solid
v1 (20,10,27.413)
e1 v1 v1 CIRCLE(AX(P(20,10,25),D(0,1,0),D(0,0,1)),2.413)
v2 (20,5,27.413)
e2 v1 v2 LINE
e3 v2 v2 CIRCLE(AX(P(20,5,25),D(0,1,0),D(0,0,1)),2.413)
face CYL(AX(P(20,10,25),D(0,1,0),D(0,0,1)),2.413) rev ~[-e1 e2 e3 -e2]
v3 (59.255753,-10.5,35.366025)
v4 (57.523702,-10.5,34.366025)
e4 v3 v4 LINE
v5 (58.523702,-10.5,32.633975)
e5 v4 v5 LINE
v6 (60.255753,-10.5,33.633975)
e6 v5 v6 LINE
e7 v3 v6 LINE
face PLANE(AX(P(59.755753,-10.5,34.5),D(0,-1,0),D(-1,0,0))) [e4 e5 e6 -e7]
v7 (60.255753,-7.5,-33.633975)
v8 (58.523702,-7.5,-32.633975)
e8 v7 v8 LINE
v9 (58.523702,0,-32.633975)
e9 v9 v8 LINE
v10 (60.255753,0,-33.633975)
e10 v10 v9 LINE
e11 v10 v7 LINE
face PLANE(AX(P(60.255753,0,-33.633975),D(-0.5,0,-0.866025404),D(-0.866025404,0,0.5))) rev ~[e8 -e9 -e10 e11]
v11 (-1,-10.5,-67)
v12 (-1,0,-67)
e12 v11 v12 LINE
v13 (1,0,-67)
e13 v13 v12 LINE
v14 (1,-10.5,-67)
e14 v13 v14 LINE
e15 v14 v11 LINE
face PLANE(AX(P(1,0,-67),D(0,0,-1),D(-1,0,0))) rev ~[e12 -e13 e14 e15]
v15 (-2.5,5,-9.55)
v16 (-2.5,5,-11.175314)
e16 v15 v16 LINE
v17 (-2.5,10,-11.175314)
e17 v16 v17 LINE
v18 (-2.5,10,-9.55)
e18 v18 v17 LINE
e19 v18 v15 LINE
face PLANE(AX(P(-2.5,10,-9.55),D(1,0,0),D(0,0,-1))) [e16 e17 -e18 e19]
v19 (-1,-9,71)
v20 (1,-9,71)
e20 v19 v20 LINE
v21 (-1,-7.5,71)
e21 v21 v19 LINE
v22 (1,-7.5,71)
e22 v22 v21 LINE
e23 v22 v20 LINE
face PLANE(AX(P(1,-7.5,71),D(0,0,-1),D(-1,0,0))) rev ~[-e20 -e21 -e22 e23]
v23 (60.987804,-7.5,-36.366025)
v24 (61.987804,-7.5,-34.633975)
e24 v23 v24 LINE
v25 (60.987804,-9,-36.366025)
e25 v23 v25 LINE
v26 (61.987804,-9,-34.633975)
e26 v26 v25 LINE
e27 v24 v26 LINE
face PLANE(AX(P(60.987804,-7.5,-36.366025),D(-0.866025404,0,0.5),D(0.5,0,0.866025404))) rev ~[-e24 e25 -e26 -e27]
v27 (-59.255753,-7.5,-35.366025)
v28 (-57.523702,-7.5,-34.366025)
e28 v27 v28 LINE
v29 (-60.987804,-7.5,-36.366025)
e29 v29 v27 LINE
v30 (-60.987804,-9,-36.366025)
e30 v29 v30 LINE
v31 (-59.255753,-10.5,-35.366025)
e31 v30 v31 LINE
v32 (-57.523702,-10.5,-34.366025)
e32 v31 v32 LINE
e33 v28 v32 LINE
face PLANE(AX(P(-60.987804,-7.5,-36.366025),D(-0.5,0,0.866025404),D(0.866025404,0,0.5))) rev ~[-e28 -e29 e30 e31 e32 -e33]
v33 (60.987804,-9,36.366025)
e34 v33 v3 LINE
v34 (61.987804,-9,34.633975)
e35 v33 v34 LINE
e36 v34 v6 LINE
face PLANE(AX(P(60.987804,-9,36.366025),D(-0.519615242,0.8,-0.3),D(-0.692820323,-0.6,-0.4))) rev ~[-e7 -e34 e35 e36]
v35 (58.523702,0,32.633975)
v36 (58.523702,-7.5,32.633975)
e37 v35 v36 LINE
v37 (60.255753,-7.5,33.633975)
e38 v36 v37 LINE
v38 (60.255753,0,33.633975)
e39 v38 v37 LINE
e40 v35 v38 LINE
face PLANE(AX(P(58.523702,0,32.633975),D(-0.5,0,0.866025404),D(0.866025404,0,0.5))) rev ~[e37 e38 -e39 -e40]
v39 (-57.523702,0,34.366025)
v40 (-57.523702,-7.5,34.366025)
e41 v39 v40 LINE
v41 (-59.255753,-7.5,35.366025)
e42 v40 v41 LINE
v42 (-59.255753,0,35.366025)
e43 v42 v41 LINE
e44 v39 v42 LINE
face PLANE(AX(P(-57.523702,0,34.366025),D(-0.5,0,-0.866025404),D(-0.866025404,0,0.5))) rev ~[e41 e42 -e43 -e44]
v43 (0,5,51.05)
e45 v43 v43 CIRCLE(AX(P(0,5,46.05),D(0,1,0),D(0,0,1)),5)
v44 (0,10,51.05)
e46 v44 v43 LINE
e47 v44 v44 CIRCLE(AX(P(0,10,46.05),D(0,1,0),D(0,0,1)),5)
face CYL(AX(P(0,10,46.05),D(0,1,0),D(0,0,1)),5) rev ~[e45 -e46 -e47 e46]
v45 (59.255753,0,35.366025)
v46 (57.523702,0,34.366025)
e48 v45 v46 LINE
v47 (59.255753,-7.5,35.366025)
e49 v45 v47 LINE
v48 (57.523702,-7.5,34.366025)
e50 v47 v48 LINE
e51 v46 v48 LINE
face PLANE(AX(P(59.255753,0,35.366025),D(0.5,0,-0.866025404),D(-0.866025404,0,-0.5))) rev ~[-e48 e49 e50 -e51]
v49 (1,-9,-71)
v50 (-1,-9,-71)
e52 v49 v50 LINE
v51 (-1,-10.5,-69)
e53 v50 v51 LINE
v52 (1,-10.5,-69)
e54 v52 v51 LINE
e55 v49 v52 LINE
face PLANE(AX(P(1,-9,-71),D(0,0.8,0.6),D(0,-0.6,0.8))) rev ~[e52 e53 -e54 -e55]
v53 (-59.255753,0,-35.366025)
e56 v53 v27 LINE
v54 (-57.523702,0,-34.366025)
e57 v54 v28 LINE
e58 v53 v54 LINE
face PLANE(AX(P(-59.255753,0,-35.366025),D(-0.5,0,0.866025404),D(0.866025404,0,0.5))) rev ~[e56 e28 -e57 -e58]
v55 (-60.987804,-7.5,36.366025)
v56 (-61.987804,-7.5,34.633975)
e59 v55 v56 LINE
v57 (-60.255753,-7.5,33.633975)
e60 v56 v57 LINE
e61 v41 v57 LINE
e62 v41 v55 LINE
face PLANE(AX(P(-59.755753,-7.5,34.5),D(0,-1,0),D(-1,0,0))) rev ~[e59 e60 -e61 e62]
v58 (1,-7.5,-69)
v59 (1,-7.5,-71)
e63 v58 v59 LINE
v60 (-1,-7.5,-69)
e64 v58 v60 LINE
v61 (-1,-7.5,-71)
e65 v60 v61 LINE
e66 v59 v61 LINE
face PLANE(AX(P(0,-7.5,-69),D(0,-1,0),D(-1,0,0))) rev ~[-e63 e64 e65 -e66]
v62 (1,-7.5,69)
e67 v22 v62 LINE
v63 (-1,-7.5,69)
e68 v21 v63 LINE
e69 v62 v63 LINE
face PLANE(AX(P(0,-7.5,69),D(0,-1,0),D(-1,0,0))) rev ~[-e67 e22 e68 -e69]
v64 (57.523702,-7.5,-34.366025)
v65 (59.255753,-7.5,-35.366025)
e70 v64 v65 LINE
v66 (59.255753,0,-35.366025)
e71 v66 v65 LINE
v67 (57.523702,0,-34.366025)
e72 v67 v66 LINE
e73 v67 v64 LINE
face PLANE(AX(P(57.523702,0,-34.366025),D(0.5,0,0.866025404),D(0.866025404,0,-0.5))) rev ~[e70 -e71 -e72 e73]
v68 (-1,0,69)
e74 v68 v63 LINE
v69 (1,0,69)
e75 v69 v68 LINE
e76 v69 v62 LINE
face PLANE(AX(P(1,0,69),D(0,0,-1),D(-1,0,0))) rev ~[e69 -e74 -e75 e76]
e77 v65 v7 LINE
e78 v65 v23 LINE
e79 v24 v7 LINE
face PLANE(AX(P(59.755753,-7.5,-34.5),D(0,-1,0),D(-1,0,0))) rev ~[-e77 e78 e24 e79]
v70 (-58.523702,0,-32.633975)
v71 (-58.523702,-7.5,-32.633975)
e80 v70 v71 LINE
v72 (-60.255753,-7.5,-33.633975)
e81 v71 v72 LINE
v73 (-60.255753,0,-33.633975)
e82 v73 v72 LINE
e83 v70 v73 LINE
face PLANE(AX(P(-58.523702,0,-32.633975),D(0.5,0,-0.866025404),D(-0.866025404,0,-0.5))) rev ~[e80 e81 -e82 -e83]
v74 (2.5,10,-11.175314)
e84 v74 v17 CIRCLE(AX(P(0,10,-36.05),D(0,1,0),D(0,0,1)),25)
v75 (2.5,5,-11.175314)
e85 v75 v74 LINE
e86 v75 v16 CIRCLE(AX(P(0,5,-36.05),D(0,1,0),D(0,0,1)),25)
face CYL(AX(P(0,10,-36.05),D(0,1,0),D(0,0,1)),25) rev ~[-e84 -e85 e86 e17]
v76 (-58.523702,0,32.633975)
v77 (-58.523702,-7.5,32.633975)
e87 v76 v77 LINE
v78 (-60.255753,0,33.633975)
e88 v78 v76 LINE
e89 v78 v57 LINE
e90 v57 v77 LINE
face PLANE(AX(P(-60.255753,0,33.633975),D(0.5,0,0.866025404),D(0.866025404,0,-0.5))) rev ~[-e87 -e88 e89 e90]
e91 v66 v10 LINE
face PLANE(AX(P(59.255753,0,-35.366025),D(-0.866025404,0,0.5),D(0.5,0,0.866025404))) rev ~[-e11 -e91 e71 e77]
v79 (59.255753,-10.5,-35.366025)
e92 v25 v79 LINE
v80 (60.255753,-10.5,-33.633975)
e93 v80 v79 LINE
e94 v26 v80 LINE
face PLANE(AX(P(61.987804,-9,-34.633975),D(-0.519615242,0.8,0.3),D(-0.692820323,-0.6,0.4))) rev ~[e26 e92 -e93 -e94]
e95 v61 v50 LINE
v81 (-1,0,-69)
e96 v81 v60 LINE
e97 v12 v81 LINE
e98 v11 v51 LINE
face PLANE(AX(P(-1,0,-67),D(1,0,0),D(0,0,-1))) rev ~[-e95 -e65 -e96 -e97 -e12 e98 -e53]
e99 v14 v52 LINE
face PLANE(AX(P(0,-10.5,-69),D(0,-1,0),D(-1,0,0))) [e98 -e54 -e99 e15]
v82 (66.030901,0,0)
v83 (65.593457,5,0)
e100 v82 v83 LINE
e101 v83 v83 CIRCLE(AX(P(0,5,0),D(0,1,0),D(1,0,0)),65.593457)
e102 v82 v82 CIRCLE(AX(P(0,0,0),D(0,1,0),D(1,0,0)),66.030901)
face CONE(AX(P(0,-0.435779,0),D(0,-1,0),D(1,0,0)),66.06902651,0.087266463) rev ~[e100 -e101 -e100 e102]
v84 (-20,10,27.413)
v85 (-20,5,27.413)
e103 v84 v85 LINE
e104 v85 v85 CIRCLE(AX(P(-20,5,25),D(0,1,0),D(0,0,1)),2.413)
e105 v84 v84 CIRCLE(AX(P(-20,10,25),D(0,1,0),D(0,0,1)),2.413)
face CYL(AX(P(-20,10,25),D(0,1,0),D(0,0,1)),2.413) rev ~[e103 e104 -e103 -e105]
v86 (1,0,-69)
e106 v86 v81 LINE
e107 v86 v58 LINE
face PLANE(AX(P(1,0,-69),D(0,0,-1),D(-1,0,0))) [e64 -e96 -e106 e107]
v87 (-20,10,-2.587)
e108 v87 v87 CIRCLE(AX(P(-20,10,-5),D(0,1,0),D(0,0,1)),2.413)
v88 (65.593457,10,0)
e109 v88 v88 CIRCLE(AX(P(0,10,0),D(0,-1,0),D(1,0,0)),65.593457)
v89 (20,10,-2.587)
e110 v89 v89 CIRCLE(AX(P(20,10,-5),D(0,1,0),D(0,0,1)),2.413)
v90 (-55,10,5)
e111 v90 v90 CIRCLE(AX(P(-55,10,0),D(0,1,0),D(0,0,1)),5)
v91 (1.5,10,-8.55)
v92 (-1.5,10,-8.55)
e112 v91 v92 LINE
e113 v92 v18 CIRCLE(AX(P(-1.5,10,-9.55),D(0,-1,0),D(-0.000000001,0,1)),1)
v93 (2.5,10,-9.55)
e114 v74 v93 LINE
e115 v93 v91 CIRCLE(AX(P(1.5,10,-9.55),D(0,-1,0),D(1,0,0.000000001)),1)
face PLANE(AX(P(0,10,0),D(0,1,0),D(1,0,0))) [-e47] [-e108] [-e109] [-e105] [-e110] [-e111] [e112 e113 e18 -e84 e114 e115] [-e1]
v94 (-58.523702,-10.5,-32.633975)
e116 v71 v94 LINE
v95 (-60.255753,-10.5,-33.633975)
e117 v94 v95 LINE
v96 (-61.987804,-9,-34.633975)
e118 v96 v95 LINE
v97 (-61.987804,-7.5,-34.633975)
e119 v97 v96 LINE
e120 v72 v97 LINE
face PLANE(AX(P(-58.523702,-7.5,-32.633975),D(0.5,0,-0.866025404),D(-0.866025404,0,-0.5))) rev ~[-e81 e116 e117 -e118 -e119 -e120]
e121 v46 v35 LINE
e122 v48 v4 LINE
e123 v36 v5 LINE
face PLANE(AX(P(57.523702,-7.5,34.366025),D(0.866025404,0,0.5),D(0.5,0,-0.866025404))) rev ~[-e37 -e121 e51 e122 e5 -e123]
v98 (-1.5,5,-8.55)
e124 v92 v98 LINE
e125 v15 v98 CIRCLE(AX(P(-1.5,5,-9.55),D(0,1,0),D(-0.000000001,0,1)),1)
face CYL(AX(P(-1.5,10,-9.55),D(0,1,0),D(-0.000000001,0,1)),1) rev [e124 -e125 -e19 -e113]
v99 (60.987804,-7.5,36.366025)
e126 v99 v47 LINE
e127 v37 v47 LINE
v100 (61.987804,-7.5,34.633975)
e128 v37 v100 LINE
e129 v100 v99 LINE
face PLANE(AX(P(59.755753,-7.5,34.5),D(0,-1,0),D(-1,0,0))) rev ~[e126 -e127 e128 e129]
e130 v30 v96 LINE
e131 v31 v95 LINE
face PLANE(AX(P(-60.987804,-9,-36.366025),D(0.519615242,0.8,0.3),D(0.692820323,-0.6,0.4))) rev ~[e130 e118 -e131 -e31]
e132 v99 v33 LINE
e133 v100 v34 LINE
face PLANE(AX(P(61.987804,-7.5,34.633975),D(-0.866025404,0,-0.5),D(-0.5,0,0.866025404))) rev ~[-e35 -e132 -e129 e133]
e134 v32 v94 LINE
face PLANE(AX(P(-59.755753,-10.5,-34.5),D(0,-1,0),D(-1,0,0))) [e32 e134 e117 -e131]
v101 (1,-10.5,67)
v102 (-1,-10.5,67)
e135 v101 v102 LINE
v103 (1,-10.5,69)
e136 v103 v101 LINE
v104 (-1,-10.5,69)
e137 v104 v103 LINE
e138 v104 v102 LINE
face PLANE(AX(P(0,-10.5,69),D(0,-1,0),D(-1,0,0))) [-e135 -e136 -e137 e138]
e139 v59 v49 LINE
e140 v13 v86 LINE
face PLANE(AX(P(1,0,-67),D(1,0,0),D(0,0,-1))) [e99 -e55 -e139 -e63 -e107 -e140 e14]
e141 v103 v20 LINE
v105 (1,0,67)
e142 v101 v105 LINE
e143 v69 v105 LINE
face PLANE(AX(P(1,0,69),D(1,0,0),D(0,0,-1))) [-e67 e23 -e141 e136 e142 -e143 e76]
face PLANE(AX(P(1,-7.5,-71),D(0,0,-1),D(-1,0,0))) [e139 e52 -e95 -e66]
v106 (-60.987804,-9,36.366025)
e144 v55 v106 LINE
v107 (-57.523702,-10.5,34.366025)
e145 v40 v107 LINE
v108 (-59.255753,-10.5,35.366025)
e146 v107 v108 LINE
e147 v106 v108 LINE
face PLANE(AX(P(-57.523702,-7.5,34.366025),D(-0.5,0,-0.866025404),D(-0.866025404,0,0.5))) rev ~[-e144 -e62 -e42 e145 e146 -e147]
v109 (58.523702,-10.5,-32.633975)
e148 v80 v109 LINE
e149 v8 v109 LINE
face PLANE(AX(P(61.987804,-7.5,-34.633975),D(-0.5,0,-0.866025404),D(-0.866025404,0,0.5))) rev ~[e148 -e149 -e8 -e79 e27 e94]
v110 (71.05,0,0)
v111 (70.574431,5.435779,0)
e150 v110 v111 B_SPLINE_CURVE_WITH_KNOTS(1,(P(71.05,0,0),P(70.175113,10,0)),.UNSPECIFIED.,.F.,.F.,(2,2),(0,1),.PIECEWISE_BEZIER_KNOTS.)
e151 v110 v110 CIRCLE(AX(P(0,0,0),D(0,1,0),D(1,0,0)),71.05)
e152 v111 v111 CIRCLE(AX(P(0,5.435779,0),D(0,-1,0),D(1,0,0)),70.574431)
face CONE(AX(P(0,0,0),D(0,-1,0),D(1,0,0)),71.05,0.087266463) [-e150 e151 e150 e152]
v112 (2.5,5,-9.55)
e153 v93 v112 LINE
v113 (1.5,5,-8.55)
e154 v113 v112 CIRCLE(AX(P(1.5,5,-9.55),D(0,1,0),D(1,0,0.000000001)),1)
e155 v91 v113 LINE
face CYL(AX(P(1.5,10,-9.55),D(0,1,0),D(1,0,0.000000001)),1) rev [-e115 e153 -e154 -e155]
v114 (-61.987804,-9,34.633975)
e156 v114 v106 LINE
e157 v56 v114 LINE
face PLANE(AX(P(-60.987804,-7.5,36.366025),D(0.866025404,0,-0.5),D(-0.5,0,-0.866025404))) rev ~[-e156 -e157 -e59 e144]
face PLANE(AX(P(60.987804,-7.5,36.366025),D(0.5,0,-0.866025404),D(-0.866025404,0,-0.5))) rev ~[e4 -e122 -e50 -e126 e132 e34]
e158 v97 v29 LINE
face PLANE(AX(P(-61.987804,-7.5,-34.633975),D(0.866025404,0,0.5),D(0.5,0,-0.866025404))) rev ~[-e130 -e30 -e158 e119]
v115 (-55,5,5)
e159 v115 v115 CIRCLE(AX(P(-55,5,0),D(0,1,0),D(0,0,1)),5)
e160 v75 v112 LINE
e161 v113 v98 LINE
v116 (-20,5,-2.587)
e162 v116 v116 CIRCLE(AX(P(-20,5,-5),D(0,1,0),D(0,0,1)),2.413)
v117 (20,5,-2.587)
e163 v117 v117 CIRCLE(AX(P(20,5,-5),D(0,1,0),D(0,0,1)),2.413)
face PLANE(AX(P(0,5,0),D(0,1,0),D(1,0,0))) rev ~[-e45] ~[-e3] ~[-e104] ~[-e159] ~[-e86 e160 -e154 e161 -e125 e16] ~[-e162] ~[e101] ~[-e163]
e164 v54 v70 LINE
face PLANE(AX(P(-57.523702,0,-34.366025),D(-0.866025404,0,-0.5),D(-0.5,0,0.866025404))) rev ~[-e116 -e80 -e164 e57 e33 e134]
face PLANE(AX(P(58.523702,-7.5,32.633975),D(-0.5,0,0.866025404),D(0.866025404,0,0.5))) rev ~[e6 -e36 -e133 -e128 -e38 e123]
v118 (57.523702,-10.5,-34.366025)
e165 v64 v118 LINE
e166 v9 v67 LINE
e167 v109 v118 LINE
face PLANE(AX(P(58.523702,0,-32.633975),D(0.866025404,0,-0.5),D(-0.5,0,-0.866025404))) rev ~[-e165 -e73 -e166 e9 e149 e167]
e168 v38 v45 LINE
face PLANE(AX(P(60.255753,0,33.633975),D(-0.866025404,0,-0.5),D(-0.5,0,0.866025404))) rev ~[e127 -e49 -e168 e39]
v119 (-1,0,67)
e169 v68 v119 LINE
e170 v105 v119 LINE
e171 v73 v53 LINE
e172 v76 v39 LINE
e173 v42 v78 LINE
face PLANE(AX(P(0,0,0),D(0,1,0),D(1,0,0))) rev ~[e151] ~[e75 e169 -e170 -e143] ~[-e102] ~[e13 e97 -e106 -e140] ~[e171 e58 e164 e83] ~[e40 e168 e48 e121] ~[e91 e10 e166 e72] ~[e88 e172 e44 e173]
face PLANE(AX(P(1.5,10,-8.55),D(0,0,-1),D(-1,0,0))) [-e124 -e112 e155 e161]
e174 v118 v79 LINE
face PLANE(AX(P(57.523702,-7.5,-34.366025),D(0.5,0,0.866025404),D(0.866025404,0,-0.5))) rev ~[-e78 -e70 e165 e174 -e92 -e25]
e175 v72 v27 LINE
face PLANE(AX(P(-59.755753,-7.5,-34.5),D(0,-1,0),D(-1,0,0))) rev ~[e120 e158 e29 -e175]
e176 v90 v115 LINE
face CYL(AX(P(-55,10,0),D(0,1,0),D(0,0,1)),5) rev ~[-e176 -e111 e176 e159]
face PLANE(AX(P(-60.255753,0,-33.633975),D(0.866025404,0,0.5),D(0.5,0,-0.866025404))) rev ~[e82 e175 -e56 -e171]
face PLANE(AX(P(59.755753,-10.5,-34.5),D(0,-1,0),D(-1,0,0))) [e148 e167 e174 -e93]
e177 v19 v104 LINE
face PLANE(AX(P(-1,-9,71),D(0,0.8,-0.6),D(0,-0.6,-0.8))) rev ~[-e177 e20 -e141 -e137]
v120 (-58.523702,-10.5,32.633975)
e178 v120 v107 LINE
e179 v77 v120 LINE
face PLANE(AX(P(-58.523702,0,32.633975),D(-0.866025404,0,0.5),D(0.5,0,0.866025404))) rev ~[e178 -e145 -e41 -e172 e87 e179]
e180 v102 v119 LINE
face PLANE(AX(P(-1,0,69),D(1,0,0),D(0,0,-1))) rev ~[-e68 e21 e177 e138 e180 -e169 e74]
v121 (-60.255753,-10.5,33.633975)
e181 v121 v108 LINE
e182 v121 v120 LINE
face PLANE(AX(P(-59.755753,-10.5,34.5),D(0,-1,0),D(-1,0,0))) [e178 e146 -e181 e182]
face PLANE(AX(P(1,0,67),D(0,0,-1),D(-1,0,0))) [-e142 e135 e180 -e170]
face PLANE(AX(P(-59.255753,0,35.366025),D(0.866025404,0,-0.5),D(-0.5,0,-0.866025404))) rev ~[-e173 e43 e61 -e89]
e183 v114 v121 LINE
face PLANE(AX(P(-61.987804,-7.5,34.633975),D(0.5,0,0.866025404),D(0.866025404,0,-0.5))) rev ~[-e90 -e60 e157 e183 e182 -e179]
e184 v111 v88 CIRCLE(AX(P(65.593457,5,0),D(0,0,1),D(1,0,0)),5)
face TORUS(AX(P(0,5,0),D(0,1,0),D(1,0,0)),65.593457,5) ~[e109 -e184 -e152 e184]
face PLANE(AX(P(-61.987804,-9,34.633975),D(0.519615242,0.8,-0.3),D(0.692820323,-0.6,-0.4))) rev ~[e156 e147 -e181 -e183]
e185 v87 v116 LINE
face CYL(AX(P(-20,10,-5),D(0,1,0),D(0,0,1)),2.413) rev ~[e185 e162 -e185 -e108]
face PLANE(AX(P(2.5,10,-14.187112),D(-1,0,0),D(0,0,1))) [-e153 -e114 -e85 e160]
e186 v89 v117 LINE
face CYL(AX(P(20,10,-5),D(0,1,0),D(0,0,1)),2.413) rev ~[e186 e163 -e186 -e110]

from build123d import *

# Parameters (mm, degrees)
SKETCH1_R           = 71.05
BOSS_EXTRUDE1_DEPTH = 10
BOSS_EXTRUDE1_TAPER = 5
SHELL4_T            = -5
SKETCH2_R           = 5
SKETCH2_R_2         = 25
SKETCH2_R_3         = 2.413
CUT_EXTRUDE1_DEPTH  = 101.976259737
CUT_EXTRUDE4_DEPTH  = 10
FILLET2_R           = 5
SKETCH11_R          = 5
CUT_EXTRUDE8_DEPTH  = 101.976259737
SKETCH12_W          = 2
SKETCH12_H          = 2
BOSS_EXTRUDE4_DEPTH = 7.5
SKETCH13_W          = 2
SKETCH13_H          = 4
BOSS_EXTRUDE5_DEPTH = 3
CUT_EXTRUDE9_DEPTH  = 3
CUT_EXTRUDE10_DEPTH = 3
CUT_EXTRUDE11_DEPTH = 3
CUT_EXTRUDE12_DEPTH = 3
CUT_EXTRUDE13_DEPTH = 3
CUT_EXTRUDE14_DEPTH = 3


with BuildPart() as part:
    # Sketch1 → Boss-Extrude1 (new body)
    with BuildSketch(Plane(origin=(0, 0, 0), x_dir=(1, 0, 0), z_dir=(0, 1, 0))):
        Circle(SKETCH1_R)
    extrude(amount=BOSS_EXTRUDE1_DEPTH, taper=BOSS_EXTRUDE1_TAPER)

    # Shell4
    shell4_openings = [part.faces().sort_by_distance(p)[0] for p in [
        (0, 0, 0),
    ]]
    offset(amount=SHELL4_T, openings=shell4_openings, kind=Kind.INTERSECTION)

    # Sketch2 → Cut-Extrude1 (cut, through all)
    with BuildSketch(Plane(origin=(0, 10, 0), x_dir=(1, 0, 0), z_dir=(0, 1, 0))):
        with Locations(Location((0, -46.05, 0), (0, 0, 270))):
            Circle(SKETCH2_R)
        with Locations(Location((0, 36.05, 0), (0, 0, 270))):
            Circle(SKETCH2_R_2)
        with Locations(Location((20, 5, 0), (0, 0, 270))):
            Circle(SKETCH2_R_3)
        with Locations(Location((20, -25, 0), (0, 0, 270))):
            Circle(SKETCH2_R_3)
        with Locations(Location((-20, -25, 0), (0, 0, 270))):
            Circle(SKETCH2_R_3)
        with Locations(Location((-20, 5, 0), (0, 0, 270))):
            Circle(SKETCH2_R_3)
    extrude(amount=-CUT_EXTRUDE1_DEPTH, mode=Mode.SUBTRACT)

    # Sketch6 → Cut-Extrude4 (cut)
    with BuildSketch(Plane(origin=(0, 10, 0), x_dir=(1, 0, 0), z_dir=(0, 1, 0))):
        with BuildLine():
            Line((-2.5, 14.187111582), (2.5, 14.187111582))
            Line((2.5, 14.187111582), (2.5, 9.55))
            ThreePointArc((2.5, 9.55), (2.207106781, 8.842893219), (1.5, 8.55))
            Line((1.5, 8.55), (-1.5, 8.55))
            ThreePointArc((-1.5, 8.55), (-2.207106781, 8.842893219), (-2.5, 9.55))
            Line((-2.5, 9.55), (-2.5, 14.187111582))
        make_face()
    extrude(amount=-CUT_EXTRUDE4_DEPTH, mode=Mode.SUBTRACT)

    # Fillet2
    fillet2_edges = [part.edges().sort_by_distance(p)[0] for p in [
        (-70.175113365, 10, 0),
    ]]
    fillet(fillet2_edges, radius=FILLET2_R)

    # Sketch11 → Cut-Extrude8 (cut, through all)
    with BuildSketch(Plane(origin=(0, 10, 0), x_dir=(1, 0, 0), z_dir=(0, 1, 0))):
        with Locations(Location((-55, 0, 0), (0, 0, 270))):
            Circle(SKETCH11_R)
    extrude(amount=-CUT_EXTRUDE8_DEPTH, mode=Mode.SUBTRACT)

    # Sketch12 → Boss-Extrude4 (add)
    with BuildSketch(Plane(origin=(0, 0, 0), x_dir=(-1, 0, 0), z_dir=(0, -1, 0))):
        Polygon((58.523702054, 32.633974596), (60.255752861, 33.633974596), (59.255752861, 35.366025404), (57.523702054, 34.366025404), align=None)
        with Locations((0, 68)):
            Rectangle(SKETCH12_W, SKETCH12_H)
        Polygon((57.523702054, -34.366025404), (59.255752861, -35.366025404), (60.255752861, -33.633974596), (58.523702054, -32.633974596), align=None)
        with Locations((0, -68)):
            Rectangle(SKETCH12_W, SKETCH12_H)
        Polygon((-58.523702054, -32.633974596), (-60.255752861, -33.633974596), (-59.255752861, -35.366025404), (-57.523702054, -34.366025404), align=None)
        Polygon((-57.523702054, 34.366025404), (-59.255752861, 35.366025404), (-60.255752861, 33.633974596), (-58.523702054, 32.633974596), align=None)
    extrude(amount=BOSS_EXTRUDE4_DEPTH)

    # Sketch13 → Boss-Extrude5 (add)
    with BuildSketch(Plane(origin=(0, -7.5, 0), x_dir=(-1, 0, 0), z_dir=(0, -1, 0))):
        Polygon((-58.523702054, -32.633974596), (-61.987803669, -34.633974596), (-60.987803669, -36.366025404), (-57.523702054, -34.366025404), align=None)
        with Locations((0, -69)):
            Rectangle(SKETCH13_W, SKETCH13_H)
        Polygon((-57.523702054, 34.366025404), (-60.987803669, 36.366025404), (-61.987803669, 34.633974596), (-58.523702054, 32.633974596), align=None)
        with Locations((0, 69)):
            Rectangle(SKETCH13_W, SKETCH13_H)
        Polygon((58.523702054, 32.633974596), (61.987803669, 34.633974596), (60.987803669, 36.366025404), (57.523702054, 34.366025404), align=None)
        Polygon((57.523702054, -34.366025404), (60.987803669, -36.366025404), (61.987803669, -34.633974596), (58.523702054, -32.633974596), align=None)
    extrude(amount=BOSS_EXTRUDE5_DEPTH)

    # Sketch14 → Cut-Extrude9 (cut)
    with BuildSketch(Plane(origin=(1, 0, 0), x_dir=(0, 0, -1), z_dir=(1, 0, 0))):
        Polygon((71, -9), (69, -10.5), (71, -10.5), align=None)
    extrude(amount=-CUT_EXTRUDE9_DEPTH, mode=Mode.SUBTRACT)

    # Sketch16 → Cut-Extrude10 (cut)
    with BuildSketch(Plane(origin=(0.5000000000007515, 0, 0.8660254037857402), x_dir=(0.8660254037844386, 0, -0.4999999999999999), z_dir=(0.49999999999999994, 0, 0.8660254037844387))):
        Polygon((71, -9), (69, -10.5), (71, -10.5), align=None)
    extrude(amount=-CUT_EXTRUDE10_DEPTH, mode=Mode.SUBTRACT)

    # Sketch17 → Cut-Extrude11 (cut)
    with BuildSketch(Plane(origin=(-0.5000000000021357, 0, 0.8660254037881377), x_dir=(0.8660254037844386, 0, 0.4999999999999999), z_dir=(-0.49999999999999994, 0, 0.8660254037844387))):
        Polygon((71, -9), (69, -10.5), (71, -10.5), align=None)
    extrude(amount=-CUT_EXTRUDE11_DEPTH, mode=Mode.SUBTRACT)

    # Sketch18 → Cut-Extrude12 (cut)
    with BuildSketch(Plane.ZY.offset(1)):
        Polygon((71, -9), (69, -10.5), (71, -10.5), align=None)
    extrude(amount=-CUT_EXTRUDE12_DEPTH, mode=Mode.SUBTRACT)

    # Sketch19 → Cut-Extrude13 (cut)
    with BuildSketch(Plane(origin=(-0.5000000000020854, 0, -0.8660254037880506), x_dir=(-0.8660254037844386, 0, 0.4999999999999999), z_dir=(-0.49999999999999994, 0, -0.8660254037844387))):
        Polygon((71, -9), (69, -10.5), (71, -10.5), align=None)
    extrude(amount=-CUT_EXTRUDE13_DEPTH, mode=Mode.SUBTRACT)

    # Sketch20 → Cut-Extrude14 (cut)
    with BuildSketch(Plane(origin=(0.5000000000006769, 0, -0.8660254037856109), x_dir=(-0.8660254037844386, 0, -0.4999999999999999), z_dir=(0.49999999999999994, 0, -0.8660254037844387))):
        Polygon((71, -9), (69, -10.5), (71, -10.5), align=None)
    extrude(amount=-CUT_EXTRUDE14_DEPTH, mode=Mode.SUBTRACT)


solid = part.part
